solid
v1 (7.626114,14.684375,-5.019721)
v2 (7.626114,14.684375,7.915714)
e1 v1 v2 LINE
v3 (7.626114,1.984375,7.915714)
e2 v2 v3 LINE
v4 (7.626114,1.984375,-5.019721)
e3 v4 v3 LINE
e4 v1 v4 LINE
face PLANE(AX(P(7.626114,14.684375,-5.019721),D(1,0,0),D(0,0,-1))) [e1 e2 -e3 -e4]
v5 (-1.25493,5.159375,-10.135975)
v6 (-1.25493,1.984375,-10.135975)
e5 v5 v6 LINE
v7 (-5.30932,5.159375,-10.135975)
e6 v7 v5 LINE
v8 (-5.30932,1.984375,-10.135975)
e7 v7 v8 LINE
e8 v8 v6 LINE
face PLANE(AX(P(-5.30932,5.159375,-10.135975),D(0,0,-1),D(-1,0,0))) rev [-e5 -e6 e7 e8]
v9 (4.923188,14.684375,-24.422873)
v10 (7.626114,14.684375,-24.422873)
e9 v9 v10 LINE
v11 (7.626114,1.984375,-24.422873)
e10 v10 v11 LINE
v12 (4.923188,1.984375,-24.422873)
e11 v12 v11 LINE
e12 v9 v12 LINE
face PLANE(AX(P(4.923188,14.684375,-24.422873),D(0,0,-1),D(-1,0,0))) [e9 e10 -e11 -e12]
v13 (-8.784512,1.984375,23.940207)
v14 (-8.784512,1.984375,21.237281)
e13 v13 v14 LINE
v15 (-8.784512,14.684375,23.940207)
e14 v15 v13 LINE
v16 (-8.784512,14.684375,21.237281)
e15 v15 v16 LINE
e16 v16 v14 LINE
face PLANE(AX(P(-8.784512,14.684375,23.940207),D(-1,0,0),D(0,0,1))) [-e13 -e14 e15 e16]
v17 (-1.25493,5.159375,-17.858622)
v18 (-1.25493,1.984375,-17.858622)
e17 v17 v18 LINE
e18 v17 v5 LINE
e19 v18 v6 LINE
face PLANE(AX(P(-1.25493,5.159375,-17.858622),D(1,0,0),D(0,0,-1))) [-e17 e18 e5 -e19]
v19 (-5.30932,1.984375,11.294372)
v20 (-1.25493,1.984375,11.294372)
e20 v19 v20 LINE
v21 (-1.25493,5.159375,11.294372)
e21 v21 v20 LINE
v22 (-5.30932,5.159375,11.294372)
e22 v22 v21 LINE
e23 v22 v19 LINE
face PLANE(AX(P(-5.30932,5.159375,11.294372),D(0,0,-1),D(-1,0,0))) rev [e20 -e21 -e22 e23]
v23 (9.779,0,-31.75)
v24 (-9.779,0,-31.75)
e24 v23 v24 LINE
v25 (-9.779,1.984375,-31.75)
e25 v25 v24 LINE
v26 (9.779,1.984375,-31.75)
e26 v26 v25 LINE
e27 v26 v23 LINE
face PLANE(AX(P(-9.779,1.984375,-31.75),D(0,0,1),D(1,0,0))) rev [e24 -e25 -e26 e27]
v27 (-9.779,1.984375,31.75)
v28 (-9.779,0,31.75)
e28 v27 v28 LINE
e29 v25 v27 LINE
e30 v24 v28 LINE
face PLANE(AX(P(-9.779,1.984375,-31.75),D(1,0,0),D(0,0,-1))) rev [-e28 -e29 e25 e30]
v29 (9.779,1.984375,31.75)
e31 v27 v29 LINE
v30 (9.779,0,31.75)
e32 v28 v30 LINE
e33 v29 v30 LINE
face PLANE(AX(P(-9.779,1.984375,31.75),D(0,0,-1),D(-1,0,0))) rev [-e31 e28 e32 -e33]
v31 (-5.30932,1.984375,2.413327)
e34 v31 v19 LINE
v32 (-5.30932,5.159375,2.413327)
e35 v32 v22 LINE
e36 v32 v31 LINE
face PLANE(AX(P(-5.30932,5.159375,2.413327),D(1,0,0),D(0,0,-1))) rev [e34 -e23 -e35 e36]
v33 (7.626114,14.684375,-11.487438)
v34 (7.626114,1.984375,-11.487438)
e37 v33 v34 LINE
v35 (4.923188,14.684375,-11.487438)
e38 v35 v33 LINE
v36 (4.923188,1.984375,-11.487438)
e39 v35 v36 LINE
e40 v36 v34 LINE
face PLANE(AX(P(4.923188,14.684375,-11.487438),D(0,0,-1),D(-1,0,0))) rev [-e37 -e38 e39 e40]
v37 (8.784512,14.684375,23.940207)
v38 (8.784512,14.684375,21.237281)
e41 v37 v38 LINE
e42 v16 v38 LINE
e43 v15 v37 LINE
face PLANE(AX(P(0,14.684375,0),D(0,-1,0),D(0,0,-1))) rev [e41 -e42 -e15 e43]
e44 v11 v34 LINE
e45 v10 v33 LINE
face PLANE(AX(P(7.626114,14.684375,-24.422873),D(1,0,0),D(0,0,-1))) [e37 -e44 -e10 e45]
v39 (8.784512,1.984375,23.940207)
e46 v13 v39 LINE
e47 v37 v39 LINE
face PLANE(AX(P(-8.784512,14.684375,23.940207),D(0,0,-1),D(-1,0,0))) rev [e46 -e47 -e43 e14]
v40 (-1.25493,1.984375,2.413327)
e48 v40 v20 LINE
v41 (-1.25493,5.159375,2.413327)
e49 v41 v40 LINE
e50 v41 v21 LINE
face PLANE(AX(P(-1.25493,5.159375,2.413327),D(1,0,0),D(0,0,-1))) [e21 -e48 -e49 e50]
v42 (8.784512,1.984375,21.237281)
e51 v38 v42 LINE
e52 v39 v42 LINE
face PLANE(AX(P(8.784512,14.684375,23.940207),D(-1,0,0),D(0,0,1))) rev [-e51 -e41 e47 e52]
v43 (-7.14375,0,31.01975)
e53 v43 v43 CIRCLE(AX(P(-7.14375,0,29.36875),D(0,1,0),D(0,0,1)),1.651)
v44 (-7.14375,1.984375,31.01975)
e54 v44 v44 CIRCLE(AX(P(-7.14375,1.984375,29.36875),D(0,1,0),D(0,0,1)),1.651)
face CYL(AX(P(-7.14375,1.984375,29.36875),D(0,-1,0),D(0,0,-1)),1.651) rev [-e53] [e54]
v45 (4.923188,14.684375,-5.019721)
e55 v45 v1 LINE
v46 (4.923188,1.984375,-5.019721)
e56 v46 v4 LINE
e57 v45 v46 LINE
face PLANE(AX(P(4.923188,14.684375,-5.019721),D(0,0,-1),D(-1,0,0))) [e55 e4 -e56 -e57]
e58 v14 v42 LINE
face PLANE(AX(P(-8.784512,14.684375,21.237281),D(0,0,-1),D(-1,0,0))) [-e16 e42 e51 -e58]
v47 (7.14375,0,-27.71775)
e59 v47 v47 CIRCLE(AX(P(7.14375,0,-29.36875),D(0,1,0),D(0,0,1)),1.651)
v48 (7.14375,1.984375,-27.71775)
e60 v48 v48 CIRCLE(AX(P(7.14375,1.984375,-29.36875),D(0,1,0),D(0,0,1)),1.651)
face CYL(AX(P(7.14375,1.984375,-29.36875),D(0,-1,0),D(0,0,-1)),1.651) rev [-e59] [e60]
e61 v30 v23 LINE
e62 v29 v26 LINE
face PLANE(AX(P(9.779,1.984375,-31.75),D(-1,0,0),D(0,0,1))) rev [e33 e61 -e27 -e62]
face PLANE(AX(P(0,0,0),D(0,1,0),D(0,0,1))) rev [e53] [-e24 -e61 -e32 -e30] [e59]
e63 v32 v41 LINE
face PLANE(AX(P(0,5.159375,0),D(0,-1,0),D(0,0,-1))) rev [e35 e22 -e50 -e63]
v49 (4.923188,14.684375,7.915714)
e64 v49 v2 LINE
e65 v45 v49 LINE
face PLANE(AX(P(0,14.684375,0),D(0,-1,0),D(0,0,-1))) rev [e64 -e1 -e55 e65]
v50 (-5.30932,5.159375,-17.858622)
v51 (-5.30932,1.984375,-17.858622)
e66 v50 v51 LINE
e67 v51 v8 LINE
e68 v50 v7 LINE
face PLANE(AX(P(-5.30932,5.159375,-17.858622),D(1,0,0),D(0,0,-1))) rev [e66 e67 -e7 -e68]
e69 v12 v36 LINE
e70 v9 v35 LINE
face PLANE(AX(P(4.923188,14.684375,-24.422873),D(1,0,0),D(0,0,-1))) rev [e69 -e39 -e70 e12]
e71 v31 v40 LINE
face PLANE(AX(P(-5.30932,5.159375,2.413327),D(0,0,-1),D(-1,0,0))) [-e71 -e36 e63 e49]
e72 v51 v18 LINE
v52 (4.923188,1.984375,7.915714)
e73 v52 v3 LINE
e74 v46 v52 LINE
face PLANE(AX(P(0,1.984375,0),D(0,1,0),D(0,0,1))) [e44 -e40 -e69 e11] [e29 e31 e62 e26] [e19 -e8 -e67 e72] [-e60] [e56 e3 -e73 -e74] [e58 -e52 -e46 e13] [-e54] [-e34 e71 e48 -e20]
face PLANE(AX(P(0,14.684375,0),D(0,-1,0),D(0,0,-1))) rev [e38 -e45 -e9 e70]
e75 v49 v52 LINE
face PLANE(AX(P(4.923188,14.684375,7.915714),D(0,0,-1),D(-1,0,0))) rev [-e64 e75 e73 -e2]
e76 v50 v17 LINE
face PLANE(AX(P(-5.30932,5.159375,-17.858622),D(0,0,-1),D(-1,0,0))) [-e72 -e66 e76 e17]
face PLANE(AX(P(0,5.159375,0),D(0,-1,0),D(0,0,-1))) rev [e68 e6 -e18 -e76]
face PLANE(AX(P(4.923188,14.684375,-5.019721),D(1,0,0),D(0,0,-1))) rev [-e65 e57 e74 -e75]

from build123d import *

# Parameters (mm, degrees)
SKETCH1_W           = 19.558
SKETCH1_H           = 63.5
SKETCH1_R           = 1.651
BOSS_EXTRUDE1_DEPTH = 1.984375
SKETCH2_W           = 17.569023062
SKETCH2_H           = 2.702926625
SKETCH2_W_2         = 2.702926625
SKETCH2_H_2         = 12.935434562
BOSS_EXTRUDE3_DEPTH = 12.7
SKETCH2_3_W         = 4.054389937
SKETCH2_3_H         = 7.7226475
SKETCH2_3_H_2       = 8.881044625
BOSS_EXTRUDE4_DEPTH = 3.175


with BuildPart() as part:
    # Sketch1 → Boss-Extrude1 (new body)
    with BuildSketch(Plane(origin=(0, 0, 0), x_dir=(1, 0, 0), z_dir=(0, 1, 0))):
        Rectangle(SKETCH1_W, SKETCH1_H)
        with Locations((7.14375, 29.36875)):
            Circle(SKETCH1_R, mode=Mode.SUBTRACT)
        with Locations((-7.14375, -29.36875)):
            Circle(SKETCH1_R, mode=Mode.SUBTRACT)
    extrude(amount=BOSS_EXTRUDE1_DEPTH)

    # Sketch2 → Boss-Extrude3 (add)
    with BuildSketch(Plane(origin=(0, 1.984375, 0), x_dir=(1, 0, 0), z_dir=(0, 1, 0))):
        with Locations((0, -22.588743937)):
            Rectangle(SKETCH2_W, SKETCH2_H)
        with Locations((6.274651094, 17.955155437)):
            Rectangle(SKETCH2_W_2, SKETCH2_H_2)
        with Locations((6.274651094, -1.447996406)):
            Rectangle(SKETCH2_W_2, SKETCH2_H_2)
    extrude(amount=BOSS_EXTRUDE3_DEPTH)

    # Sketch2<3> → Boss-Extrude4 (add)
    with BuildSketch(Plane(origin=(0, 1.984375, 0), x_dir=(1, 0, 0), z_dir=(0, 1, 0))):
        with Locations((-3.282125188, 13.997298594)):
            Rectangle(SKETCH2_3_W, SKETCH2_3_H)
        with Locations((-3.282125188, -6.853849657)):
            Rectangle(SKETCH2_3_W, SKETCH2_3_H_2)
    extrude(amount=BOSS_EXTRUDE4_DEPTH)


solid = part.part
